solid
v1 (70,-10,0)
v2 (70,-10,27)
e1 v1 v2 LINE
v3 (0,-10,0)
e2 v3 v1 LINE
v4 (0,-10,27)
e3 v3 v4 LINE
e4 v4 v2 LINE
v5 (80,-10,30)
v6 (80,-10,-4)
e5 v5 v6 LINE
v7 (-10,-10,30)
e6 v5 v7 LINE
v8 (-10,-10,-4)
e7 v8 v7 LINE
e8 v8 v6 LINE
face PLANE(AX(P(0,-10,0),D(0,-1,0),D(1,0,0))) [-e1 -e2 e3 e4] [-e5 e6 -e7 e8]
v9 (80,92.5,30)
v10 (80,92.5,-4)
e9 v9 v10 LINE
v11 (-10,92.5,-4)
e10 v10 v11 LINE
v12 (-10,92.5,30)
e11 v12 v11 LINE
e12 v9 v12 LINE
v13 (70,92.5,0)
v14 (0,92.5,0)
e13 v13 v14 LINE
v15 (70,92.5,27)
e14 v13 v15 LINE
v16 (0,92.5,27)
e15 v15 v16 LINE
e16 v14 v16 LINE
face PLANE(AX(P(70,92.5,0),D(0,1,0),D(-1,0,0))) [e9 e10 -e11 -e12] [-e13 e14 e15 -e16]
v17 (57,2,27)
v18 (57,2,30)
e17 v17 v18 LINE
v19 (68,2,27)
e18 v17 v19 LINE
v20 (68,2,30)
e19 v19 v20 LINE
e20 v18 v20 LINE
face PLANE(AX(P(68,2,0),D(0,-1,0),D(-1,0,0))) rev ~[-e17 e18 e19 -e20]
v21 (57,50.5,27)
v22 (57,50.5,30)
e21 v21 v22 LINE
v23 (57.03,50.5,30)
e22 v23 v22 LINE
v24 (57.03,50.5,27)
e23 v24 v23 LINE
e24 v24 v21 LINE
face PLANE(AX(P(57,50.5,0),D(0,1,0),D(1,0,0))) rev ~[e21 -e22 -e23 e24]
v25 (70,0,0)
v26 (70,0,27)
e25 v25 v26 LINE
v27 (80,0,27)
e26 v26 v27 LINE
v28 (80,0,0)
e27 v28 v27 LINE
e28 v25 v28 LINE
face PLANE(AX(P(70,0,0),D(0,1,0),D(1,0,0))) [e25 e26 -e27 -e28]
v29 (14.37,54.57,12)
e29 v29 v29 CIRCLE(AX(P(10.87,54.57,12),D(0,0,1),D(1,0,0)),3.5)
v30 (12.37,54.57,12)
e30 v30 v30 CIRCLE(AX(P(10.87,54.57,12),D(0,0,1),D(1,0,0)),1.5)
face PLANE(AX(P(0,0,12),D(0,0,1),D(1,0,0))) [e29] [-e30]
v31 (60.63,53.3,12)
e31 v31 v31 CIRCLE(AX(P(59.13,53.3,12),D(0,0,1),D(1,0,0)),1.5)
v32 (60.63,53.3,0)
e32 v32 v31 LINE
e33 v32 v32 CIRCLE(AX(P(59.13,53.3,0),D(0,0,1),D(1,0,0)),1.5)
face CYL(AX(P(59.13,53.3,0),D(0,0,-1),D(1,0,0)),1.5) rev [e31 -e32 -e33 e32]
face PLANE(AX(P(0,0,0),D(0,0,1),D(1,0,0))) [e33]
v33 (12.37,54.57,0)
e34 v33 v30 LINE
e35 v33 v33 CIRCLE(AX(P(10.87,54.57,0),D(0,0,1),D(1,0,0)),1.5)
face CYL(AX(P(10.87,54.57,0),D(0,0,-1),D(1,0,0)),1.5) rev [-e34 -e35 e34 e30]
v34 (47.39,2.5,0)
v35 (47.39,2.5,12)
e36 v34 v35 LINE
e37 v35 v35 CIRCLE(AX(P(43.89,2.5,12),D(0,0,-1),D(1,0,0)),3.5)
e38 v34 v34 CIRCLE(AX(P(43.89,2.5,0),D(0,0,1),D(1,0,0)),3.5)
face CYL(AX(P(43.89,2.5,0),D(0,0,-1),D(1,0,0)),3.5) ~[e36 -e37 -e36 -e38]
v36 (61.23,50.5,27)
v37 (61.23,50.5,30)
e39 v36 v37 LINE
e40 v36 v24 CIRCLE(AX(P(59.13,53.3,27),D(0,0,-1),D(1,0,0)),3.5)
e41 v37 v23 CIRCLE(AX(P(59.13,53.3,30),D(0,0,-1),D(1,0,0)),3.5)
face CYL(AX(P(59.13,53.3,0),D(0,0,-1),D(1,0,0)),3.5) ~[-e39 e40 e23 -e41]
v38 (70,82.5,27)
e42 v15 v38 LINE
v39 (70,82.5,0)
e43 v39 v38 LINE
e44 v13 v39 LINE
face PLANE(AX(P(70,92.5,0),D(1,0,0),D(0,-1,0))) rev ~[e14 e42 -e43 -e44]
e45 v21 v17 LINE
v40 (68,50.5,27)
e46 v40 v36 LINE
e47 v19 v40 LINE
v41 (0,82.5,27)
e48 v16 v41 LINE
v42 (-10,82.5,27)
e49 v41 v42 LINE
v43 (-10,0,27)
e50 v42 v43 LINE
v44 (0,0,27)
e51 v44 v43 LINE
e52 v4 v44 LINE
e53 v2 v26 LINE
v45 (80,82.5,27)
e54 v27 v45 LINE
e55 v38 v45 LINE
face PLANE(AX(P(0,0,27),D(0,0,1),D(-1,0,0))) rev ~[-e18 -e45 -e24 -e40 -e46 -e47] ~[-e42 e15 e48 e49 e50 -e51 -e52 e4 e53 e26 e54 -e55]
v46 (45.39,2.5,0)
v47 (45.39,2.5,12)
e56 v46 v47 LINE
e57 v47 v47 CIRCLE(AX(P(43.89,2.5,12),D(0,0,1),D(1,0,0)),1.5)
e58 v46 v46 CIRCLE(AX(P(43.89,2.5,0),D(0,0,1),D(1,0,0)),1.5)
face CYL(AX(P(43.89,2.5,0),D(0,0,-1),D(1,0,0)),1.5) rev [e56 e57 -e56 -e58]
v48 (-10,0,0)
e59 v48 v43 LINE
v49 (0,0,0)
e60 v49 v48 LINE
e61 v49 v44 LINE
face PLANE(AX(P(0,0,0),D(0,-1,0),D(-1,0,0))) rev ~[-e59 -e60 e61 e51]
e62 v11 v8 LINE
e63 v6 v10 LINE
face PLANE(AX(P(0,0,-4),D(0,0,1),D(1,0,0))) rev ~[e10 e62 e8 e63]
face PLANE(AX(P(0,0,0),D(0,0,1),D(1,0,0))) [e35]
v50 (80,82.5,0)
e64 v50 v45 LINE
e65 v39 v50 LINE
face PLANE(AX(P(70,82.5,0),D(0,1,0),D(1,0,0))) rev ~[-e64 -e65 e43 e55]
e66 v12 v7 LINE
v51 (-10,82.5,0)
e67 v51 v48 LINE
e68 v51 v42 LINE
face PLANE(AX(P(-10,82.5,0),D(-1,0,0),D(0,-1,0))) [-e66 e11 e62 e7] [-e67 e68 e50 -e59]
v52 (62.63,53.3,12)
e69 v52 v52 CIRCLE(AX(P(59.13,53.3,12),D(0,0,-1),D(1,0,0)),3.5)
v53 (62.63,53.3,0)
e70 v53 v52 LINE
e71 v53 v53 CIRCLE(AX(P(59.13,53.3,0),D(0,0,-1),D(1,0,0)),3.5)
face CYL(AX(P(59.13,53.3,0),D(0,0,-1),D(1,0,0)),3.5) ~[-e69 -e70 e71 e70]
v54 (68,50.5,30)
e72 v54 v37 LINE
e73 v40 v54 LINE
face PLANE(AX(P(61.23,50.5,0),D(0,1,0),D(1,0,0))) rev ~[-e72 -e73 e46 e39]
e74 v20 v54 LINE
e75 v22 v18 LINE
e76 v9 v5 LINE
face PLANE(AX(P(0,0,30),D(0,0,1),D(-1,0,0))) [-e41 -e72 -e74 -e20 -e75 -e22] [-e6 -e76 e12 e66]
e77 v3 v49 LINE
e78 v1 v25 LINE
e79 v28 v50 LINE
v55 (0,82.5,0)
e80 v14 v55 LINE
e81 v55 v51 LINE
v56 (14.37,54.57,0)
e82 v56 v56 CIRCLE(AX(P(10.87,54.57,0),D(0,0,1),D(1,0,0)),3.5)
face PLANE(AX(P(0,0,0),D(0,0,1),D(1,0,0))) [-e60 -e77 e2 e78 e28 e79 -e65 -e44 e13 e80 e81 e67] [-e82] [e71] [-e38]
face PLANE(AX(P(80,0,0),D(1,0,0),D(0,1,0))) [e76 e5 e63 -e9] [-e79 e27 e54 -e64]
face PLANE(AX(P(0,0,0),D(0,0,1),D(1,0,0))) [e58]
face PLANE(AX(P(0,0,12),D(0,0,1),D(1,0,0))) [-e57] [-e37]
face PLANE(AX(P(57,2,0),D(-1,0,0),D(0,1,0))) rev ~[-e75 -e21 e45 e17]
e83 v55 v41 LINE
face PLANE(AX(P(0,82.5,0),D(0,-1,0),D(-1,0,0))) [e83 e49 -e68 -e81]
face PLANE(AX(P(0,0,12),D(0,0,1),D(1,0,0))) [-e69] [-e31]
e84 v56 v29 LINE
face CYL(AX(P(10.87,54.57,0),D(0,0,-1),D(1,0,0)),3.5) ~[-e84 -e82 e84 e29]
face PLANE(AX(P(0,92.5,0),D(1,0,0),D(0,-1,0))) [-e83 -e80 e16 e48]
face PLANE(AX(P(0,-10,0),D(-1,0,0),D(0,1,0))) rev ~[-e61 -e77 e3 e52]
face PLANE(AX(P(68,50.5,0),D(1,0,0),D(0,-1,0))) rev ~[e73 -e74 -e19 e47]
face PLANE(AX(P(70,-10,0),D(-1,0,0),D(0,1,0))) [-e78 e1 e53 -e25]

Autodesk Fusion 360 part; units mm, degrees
sketch "Esquisse1" plane through (0, 0, 0) normal (0, 0, 1) x (1, 0, 0)
  line L0 (0, 0) -> (70, 0)
  line L1 (70, 0) -> (70, 82.5)
  line L2 (70, 82.5) -> (0, 82.5)
  line L3 (0, 82.5) -> (0, 0)
  circle A0 centre (43.89, 2.5) radius 1.5
  circle A1 centre (10.87, 54.57) radius 1.5
  circle A2 centre (59.13, 53.3) radius 1.5
  line L4 (-10, -10) -> (80, -10)
  line L5 (80, -10) -> (80, 92.5)
  line L6 (80, 92.5) -> (-10, 92.5)
  line L7 (-10, 92.5) -> (-10, -10)
  line L8 (80, 92.5) -> (70, 92.5)
  line L9 (70, 92.5) -> (70, 82.5)
  line L10 (70, 82.5) -> (80, 82.5)
  line L11 (80, 82.5) -> (80, 92.5)
  line L12 (80, -10) -> (70, -10)
  line L13 (70, -10) -> (70, 0)
  line L14 (70, 0) -> (80, 0)
  line L15 (80, 0) -> (80, -10)
  line L16 (0, 0) -> (-10, 0)
  line L17 (-10, 0) -> (-10, -10)
  line L18 (-10, -10) -> (0, -10)
  line L19 (0, -10) -> (0, 0)
  line L20 (0, 82.5) -> (-10, 82.5)
  line L21 (-10, 82.5) -> (-10, 92.5)
  line L22 (-10, 92.5) -> (0, 92.5)
  line L23 (0, 92.5) -> (0, 82.5)
  line L24 (68, 2) -> (57, 2)
  line L25 (57, 2) -> (57, 50.5)
  line L26 (57, 50.5) -> (68, 50.5)
  line L27 (68, 50.5) -> (68, 2)
  line L28 (2, 50.5) -> (13, 50.5)
  line L29 (13, 50.5) -> (13, 2)
  line L30 (13, 2) -> (2, 2)
  line L31 (2, 2) -> (2, 50.5)
  line L32 (68, 80) -> (65.5, 80)
  line L33 (65.5, 80) -> (65.5, 75)
  line L34 (65.5, 75) -> (68, 75)
  line L35 (68, 75) -> (68, 80)
  line L36 (2, 80) -> (4.5, 80)
  line L37 (4.5, 80) -> (4.5, 75)
  line L38 (4.5, 75) -> (2, 75)
  line L39 (2, 75) -> (2, 80)
  circle A3 centre (10.87, 54.57) radius 3.5
  circle A4 centre (59.13, 53.3) radius 3.5
  circle A5 centre (43.89, 2.5) radius 3.5
  dimension "d1" = 70
  dimension "d2" = 82.5
  dimension "d3" = 3
  dimension "d4" = 26.11
  dimension "d5" = 2.5
  dimension "d6" = 3
  dimension "d7" = 10.87
  dimension "d8" = 27.93
  dimension "d9" = 3
  dimension "d10" = 29.2
  dimension "d12" = 90
  dimension "d13" = 102.5
  dimension "d14" = 10
  dimension "d15" = 10
  dimension "d16" = 10.87
  dimension "d17" = 11
  dimension "d18" = 48.5
  dimension "d19" = 2
  dimension "d20" = 2
  dimension "d21" = 11
  dimension "d22" = 48.5
  dimension "d23" = 2
  dimension "d24" = 2
  dimension "d25" = 2.5
  dimension "d26" = 5
  dimension "d27" = 2.5
  dimension "d28" = 5
  dimension "d29" = 2
  dimension "d30" = 2.5
  dimension "d31" = 2
  dimension "d32" = 2.5
  dimension "d35" = 7
  dimension "d36" = 7
  dimension "d37" = 7
extrude "Extrusion1" add sketch "Esquisse1" against normal blind 4 contours L0 L1 L2 L3 A5 | L3 L7 L16 L20 | L4 L7 L16 L17 L18 L19 | L0 L4 L13 L19 A5 | L0 A5 | L0 A5 | L2 L6 L9 L23 | L6 L7 L20 L21 L22 L23 | L1 L5 L10 L14 | L5 L6 L8 L9 L10 L11 | L4 L5 L12 L13 L14 L15 | A0 | A1 | A2 | L24 L25 L26 L27 A4 | L26 A4 | L26 A4 | L28 L29 L30 L31 | L32 L33 L34 L35 | L36 L37 L38 L39 | A3
extrude "Extrusion2" add sketch "Esquisse1" along normal blind 12 contours L0 A5 | L0 A5 | L26 A4 | L26 A4 | A3
extrude "Extrusion3" add sketch "Esquisse1" along normal blind 27 contours L4 L7 L16 L17 L18 L19 | L6 L7 L20 L21 L22 L23 | L5 L6 L8 L9 L10 L11 | L4 L5 L12 L13 L14 L15
sketch "Esquisse3" plane through (0, 0, 27) normal (0, 0, 1) x (-1, 0, 0)
  line L0 (-80, 0) -> (-70, 0)
  line L1 (-70, 0) -> (-70, 10)
  line L2 (-70, 10) -> (-80, 10)
  line L3 (-80, 10) -> (-80, 0)
  line L4 (10, 10) -> (-80, 10)
  line L5 (-80, 10) -> (-80, -92.5)
  line L6 (-80, -92.5) -> (10, -92.5)
  line L7 (10, -92.5) -> (10, 10)
  dimension "d42" = 90
  dimension "d43" = 102.5
extrude "Extrusion4" add sketch "Esquisse3" along normal blind 3
extrude "Extrusion5" cut sketch "Esquisse1" along normal blind 40 contours L24 L25 L26 L27 A4
